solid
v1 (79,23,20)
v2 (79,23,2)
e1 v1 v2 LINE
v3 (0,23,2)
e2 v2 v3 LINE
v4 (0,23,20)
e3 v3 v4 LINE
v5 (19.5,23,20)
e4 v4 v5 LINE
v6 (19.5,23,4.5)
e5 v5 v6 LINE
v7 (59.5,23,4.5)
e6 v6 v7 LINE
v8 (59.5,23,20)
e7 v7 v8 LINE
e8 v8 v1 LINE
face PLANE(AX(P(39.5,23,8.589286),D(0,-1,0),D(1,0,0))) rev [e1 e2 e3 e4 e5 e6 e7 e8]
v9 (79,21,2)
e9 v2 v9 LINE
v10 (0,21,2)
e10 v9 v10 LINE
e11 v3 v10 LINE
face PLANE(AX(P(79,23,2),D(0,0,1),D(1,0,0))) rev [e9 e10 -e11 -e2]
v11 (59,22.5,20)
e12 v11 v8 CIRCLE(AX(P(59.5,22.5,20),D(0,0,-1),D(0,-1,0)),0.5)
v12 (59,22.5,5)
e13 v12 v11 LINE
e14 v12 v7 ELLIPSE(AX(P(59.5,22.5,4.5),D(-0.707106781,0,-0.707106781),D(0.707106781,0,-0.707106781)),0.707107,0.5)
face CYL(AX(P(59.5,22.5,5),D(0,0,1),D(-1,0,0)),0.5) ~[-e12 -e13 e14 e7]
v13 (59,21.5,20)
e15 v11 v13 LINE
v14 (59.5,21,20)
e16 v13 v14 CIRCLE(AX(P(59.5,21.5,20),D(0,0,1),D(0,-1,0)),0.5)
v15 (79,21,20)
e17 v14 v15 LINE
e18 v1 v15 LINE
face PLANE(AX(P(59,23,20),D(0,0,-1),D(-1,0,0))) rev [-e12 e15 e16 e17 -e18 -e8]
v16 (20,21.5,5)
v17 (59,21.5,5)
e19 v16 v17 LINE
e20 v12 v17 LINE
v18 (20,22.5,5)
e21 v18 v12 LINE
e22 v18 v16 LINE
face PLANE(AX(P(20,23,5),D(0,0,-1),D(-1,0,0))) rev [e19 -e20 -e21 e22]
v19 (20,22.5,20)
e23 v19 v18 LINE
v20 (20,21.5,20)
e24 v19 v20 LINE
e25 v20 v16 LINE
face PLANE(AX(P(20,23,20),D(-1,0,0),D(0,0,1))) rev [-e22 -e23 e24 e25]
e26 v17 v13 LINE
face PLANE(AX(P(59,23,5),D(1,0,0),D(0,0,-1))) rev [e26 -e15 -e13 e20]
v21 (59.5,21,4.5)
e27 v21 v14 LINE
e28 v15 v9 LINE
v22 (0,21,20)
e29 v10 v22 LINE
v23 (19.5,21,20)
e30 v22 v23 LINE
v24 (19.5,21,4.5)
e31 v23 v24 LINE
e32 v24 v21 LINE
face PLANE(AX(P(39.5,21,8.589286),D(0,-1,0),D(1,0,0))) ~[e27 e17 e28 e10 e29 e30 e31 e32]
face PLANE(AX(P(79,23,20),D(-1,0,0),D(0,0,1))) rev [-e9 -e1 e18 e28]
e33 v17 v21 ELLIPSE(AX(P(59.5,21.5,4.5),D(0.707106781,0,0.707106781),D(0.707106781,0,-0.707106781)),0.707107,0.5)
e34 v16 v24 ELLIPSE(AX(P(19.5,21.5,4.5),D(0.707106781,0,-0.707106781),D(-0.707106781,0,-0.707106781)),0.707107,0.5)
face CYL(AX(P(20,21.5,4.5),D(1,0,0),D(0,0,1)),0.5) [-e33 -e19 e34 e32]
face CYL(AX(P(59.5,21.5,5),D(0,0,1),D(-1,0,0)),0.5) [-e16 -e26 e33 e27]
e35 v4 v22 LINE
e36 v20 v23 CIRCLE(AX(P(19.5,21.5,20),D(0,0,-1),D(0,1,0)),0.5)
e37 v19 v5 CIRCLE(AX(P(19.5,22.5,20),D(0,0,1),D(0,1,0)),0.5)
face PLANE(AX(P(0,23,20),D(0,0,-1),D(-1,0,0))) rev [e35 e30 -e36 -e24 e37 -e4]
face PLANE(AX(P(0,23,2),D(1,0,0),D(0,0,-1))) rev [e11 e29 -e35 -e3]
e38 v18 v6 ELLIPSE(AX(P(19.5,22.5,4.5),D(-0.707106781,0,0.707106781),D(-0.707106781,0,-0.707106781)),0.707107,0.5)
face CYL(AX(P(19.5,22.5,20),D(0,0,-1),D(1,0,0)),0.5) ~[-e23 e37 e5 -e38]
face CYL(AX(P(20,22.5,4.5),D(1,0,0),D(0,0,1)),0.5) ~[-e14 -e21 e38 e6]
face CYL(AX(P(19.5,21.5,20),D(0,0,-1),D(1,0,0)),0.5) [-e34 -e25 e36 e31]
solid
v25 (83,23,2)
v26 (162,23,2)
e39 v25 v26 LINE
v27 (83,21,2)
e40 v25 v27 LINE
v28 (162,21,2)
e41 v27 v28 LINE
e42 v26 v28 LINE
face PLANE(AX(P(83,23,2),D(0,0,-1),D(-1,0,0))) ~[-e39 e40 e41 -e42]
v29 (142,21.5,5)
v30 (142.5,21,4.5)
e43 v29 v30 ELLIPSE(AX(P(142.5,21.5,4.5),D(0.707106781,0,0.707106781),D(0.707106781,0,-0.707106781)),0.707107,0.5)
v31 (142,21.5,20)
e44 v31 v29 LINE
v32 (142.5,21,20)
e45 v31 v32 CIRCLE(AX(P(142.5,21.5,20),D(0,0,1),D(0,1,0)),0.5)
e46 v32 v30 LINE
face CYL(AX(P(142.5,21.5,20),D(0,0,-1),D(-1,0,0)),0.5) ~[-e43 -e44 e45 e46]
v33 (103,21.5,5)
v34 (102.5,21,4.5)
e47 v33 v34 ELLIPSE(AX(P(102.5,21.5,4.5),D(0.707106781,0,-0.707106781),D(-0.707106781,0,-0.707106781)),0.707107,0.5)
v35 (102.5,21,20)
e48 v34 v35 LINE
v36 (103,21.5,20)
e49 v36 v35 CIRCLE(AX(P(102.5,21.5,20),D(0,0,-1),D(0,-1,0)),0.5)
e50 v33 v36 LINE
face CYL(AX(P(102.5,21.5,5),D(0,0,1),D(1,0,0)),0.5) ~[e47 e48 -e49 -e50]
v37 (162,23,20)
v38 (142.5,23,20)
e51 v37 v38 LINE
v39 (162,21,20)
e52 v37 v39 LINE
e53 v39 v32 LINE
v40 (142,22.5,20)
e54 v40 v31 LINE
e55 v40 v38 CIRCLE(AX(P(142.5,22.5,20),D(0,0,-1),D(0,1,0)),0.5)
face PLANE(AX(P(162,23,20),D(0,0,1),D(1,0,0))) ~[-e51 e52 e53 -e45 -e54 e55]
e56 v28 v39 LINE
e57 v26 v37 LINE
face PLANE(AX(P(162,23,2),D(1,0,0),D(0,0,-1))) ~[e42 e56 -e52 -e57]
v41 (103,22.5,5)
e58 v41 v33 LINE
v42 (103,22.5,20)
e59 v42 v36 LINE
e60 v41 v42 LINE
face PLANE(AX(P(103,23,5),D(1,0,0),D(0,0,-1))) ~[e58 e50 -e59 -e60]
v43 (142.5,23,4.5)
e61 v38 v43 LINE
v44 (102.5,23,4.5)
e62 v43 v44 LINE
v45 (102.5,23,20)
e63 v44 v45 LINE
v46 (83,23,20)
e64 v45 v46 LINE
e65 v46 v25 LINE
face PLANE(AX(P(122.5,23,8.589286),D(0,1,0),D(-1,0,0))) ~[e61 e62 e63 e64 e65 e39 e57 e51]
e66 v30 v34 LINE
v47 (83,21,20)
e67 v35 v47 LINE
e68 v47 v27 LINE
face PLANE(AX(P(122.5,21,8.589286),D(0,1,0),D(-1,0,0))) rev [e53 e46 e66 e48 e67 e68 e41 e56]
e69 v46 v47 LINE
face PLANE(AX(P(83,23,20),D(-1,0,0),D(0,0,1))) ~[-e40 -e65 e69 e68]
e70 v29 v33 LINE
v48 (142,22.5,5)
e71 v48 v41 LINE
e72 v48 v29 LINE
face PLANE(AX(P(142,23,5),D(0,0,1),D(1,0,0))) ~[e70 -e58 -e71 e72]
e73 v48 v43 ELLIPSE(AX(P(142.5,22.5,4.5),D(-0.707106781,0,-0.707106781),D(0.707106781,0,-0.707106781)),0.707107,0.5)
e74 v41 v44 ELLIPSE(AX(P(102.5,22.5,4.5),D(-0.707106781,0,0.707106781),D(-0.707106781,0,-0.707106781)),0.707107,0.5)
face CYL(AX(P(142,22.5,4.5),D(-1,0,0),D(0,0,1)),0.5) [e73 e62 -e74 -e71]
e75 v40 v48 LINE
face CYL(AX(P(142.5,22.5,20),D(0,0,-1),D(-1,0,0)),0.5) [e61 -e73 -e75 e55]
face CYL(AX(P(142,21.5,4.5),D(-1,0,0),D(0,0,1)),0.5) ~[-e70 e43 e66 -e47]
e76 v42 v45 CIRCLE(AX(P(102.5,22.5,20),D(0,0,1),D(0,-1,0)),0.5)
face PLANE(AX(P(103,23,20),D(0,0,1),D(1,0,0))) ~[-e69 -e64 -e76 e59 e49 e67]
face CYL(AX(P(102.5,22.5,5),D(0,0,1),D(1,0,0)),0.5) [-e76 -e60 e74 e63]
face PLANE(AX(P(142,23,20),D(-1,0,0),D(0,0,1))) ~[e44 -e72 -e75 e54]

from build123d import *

# Parameters (mm, degrees)
EXTRUDE008_DEPTH = 2
FILLET004_R      = 0.5


with BuildPart() as front_side001:
    # Sketch021 → Extrude008 (new body)
    with BuildSketch(Plane.XZ):
        Polygon((0, 2), (0, 20), (20, 20), (20, 5), (59, 5), (59, 20), (79, 20), (79, 2), align=None)
        Polygon((162, 2), (162, 20), (142, 20), (142, 5), (103, 5), (103, 20), (83, 20), (83, 2), align=None)
    extrude(amount=-EXTRUDE008_DEPTH)


with BuildPart() as middle_row001:
    # Part__Mirroring003: instance of front side001
    add(front_side001.part.mirror(Plane(origin=(0, 0, 0), x_dir=(1, 0, 0), z_dir=(0, 1, 0))))


with BuildPart() as middle_row001_1:
    # Part__Mirroring003 placement: moved
    add(middle_row001.part.moved(Location((0, 23, 0))))

    # Fillet004
    fillet004_edges = [middle_row001_1.edges().sort_by_distance(p)[0] for p in [
        (142, 23, 12.5),
        (142, 21, 12.5),
        (122.5, 23, 5),
        (122.5, 21, 5),
        (103, 23, 12.5),
        (103, 21, 12.5),
        (20, 23, 12.5),
        (20, 21, 12.5),
        (39.5, 23, 5),
        (39.5, 21, 5),
        (59, 23, 12.5),
        (59, 21, 12.5),
    ]]
    fillet(fillet004_edges, radius=FILLET004_R)


solid = middle_row001_1.part
